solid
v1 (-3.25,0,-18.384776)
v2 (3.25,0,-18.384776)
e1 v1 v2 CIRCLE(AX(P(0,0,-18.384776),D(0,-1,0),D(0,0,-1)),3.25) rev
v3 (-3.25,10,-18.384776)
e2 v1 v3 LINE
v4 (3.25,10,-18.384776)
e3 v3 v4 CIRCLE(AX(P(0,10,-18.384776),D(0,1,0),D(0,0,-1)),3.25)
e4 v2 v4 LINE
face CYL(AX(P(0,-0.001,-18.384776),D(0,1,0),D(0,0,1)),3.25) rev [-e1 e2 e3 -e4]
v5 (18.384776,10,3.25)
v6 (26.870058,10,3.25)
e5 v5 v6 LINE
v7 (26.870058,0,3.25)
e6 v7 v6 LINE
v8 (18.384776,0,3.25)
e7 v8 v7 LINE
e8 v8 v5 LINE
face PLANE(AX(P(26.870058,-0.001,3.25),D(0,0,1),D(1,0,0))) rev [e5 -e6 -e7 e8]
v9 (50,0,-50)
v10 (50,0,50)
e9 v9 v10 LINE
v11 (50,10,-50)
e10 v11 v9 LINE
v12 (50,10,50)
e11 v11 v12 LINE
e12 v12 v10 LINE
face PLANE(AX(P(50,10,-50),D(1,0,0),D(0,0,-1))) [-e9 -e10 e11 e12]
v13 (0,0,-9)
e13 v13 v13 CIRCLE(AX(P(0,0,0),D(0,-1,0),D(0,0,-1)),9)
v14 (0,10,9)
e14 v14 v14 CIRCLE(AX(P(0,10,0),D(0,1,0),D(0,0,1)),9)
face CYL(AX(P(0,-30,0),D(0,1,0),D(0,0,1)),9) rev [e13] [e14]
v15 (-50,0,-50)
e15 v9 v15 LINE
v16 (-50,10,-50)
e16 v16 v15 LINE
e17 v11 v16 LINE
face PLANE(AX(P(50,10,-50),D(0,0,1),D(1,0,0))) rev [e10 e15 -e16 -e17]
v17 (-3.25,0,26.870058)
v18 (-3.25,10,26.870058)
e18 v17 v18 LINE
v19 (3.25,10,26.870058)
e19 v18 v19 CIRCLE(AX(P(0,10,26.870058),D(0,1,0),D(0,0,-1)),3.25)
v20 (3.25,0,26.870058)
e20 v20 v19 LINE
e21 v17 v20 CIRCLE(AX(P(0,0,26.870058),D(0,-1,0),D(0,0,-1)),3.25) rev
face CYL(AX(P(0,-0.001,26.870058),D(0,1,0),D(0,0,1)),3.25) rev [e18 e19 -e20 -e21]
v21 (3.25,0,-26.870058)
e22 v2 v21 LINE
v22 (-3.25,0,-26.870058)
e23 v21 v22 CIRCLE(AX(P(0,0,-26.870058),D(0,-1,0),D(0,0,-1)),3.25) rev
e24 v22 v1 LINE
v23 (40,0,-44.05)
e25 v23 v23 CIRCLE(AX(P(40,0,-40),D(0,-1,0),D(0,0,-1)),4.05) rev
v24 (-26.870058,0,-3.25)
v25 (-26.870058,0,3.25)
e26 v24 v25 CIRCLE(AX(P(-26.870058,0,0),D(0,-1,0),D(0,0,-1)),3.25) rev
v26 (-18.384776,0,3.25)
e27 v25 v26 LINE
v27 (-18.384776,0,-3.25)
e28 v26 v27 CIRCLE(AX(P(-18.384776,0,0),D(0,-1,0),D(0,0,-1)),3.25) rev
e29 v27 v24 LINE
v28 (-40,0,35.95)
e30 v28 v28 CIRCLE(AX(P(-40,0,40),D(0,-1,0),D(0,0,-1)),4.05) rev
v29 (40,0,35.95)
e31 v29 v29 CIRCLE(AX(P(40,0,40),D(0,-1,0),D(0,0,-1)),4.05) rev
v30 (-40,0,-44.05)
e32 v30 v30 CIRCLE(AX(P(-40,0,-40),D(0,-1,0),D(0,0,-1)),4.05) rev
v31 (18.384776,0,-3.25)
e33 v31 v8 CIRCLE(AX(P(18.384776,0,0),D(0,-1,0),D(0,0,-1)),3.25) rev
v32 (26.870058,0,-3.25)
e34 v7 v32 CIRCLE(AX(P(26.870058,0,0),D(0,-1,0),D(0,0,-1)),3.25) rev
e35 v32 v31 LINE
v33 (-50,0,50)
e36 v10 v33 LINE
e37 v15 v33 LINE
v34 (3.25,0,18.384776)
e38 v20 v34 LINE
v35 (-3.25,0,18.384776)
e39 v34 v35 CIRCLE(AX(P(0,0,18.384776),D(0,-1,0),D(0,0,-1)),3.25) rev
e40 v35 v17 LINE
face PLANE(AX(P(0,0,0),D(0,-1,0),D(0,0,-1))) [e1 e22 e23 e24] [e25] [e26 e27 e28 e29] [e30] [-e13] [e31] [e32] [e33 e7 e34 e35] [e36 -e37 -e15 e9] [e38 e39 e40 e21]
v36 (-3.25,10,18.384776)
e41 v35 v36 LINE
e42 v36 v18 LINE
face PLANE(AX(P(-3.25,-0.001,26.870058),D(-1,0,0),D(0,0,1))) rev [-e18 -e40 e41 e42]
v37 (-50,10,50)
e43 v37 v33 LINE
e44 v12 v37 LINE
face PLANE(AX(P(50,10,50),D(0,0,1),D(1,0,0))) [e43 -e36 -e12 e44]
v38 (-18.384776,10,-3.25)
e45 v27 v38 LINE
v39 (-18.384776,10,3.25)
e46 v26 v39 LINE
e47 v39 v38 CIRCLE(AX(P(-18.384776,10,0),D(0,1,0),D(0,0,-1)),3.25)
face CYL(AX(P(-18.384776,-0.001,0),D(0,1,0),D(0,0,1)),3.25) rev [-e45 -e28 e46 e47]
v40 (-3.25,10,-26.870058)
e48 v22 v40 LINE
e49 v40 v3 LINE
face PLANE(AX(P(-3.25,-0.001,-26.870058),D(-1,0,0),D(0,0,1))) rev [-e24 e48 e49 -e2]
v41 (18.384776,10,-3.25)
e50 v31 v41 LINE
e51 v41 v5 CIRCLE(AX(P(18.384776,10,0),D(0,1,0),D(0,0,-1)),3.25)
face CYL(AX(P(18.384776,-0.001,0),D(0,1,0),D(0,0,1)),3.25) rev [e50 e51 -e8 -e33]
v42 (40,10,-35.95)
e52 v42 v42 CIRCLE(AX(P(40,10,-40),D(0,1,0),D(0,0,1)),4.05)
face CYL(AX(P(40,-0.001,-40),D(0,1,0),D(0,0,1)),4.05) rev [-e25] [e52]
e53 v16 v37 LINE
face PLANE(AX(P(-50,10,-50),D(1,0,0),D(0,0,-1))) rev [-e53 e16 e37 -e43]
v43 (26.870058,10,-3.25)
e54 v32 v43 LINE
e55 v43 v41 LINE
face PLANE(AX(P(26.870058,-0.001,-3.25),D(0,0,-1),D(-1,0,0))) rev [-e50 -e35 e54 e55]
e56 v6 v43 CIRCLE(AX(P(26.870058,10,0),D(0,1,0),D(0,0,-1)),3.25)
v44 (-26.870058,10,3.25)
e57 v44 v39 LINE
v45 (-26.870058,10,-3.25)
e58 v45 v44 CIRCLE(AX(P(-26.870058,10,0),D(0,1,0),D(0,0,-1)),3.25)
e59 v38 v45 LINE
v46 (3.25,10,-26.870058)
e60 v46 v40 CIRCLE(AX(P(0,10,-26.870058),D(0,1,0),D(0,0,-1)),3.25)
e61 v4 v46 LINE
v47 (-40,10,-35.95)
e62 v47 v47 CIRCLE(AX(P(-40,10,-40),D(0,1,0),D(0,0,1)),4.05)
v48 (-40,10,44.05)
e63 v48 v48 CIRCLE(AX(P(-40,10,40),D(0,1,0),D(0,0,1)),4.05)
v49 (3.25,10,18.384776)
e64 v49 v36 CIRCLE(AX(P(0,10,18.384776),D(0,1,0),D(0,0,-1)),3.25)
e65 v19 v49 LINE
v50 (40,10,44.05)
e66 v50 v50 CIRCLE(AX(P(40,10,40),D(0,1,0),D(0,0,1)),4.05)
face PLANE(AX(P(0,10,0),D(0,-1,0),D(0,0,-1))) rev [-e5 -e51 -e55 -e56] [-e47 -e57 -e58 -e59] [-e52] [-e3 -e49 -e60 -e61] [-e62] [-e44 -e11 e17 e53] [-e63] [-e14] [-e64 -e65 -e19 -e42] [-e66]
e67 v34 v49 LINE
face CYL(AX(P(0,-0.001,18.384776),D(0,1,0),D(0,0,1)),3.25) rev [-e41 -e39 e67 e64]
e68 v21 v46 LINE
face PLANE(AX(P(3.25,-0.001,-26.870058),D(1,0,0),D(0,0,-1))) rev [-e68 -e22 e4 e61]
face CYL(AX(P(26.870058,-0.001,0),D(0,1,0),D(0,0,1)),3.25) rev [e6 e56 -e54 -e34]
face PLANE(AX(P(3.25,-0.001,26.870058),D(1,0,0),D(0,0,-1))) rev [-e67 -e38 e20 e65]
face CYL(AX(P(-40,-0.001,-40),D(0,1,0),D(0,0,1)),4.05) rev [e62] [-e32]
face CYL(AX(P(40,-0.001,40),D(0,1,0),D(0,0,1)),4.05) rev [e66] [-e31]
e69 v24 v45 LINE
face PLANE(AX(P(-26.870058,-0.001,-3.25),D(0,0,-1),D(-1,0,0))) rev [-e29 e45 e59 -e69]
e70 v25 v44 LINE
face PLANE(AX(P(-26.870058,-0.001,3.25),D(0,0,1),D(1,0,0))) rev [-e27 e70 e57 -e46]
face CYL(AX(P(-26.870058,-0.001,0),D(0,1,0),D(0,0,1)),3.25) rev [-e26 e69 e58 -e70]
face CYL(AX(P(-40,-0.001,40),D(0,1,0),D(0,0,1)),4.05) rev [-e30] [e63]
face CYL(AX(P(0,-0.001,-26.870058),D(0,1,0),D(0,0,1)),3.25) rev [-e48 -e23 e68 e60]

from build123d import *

# Parameters (mm, degrees)
SKETCH1_W          = 100
SKETCH1_H          = 100
BASE_DEPTH         = 10
SKETCH2_R          = 9
ACTUATOR_CUT_DEPTH = 40
CUT_EXTRUDE1_REACH = 73.414
CUT_EXTRUDE2_REACH = 73.414
SKETCH5_R          = 4.05


with BuildPart() as part:
    # Sketch1 → base (new body)
    with BuildSketch(Plane(origin=(0, 0, 0), x_dir=(1, 0, 0), z_dir=(0, 1, 0))):
        Rectangle(SKETCH1_W, SKETCH1_H)
    extrude(amount=BASE_DEPTH)

    # Sketch2 → actuator cut (cut)
    with BuildSketch(Plane(origin=(0, 10, 0), x_dir=(1, 0, 0), z_dir=(0, 1, 0))):
        with Locations(Location((0, 0, 0), (0, 0, 270))):
            Circle(SKETCH2_R)
    extrude(amount=-ACTUATOR_CUT_DEPTH, mode=Mode.SUBTRACT)

    # Sketch3 → Cut-Extrude1 (cut, up to next)
    with BuildSketch(Plane(origin=(0, 10, 0), x_dir=(1, 0, 0), z_dir=(0, 1, 0)), mode=Mode.PRIVATE) as cut_extrude1_sk1:
        with BuildLine():
            Line((3.25, -26.870057685), (3.25, -18.384776311))
            ThreePointArc((3.25, -18.384776311), (0, -15.134776311), (-3.25, -18.384776311))
            Line((-3.25, -18.384776311), (-3.25, -26.870057685))
            ThreePointArc((-3.25, -26.870057685), (0, -30.120057685), (3.25, -26.870057685))
        make_face()
    cut_extrude1_tool1 = extrude(cut_extrude1_sk1.sketch, amount=-CUT_EXTRUDE1_REACH, mode=Mode.PRIVATE) & part.part
    # Sketch3 → Cut-Extrude1 (cut, up to next)
    with BuildSketch(Plane(origin=(0, 10, 0), x_dir=(1, 0, 0), z_dir=(0, 1, 0)), mode=Mode.PRIVATE) as cut_extrude1_sk2:
        with BuildLine():
            Line((26.870057685, 3.25), (18.384776311, 3.25))
            ThreePointArc((18.384776311, 3.25), (15.134776311, 0), (18.384776311, -3.25))
            Line((18.384776311, -3.25), (26.870057685, -3.25))
            ThreePointArc((26.870057685, -3.25), (30.120057685, 0), (26.870057685, 3.25))
        make_face()
    cut_extrude1_tool2 = extrude(cut_extrude1_sk2.sketch, amount=-CUT_EXTRUDE1_REACH, mode=Mode.PRIVATE) & part.part
    # Sketch3 → Cut-Extrude1 (cut, up to next)
    with BuildSketch(Plane(origin=(0, 10, 0), x_dir=(1, 0, 0), z_dir=(0, 1, 0)), mode=Mode.PRIVATE) as cut_extrude1_sk3:
        with BuildLine():
            Line((-26.870057685, -3.25), (-18.384776311, -3.25))
            ThreePointArc((-18.384776311, -3.25), (-15.134776311, 0), (-18.384776311, 3.25))
            Line((-18.384776311, 3.25), (-26.870057685, 3.25))
            ThreePointArc((-26.870057685, 3.25), (-30.120057685, 0), (-26.870057685, -3.25))
        make_face()
    cut_extrude1_tool3 = extrude(cut_extrude1_sk3.sketch, amount=-CUT_EXTRUDE1_REACH, mode=Mode.PRIVATE) & part.part
    # Sketch3 → Cut-Extrude1 (cut, up to next)
    with BuildSketch(Plane(origin=(0, 10, 0), x_dir=(1, 0, 0), z_dir=(0, 1, 0)), mode=Mode.PRIVATE) as cut_extrude1_sk4:
        with BuildLine():
            Line((-3.25, 26.870057685), (-3.25, 18.384776311))
            ThreePointArc((-3.25, 18.384776311), (0, 15.134776311), (3.25, 18.384776311))
            Line((3.25, 18.384776311), (3.25, 26.870057685))
            ThreePointArc((3.25, 26.870057685), (0, 30.120057685), (-3.25, 26.870057685))
        make_face()
    cut_extrude1_tool4 = extrude(cut_extrude1_sk4.sketch, amount=-CUT_EXTRUDE1_REACH, mode=Mode.PRIVATE) & part.part
    add(cut_extrude1_tool1.solids().sort_by_distance((0, 10, 22.627417))[0], mode=Mode.SUBTRACT)
    add(cut_extrude1_tool2.solids().sort_by_distance((22.627417, 10, 0))[0], mode=Mode.SUBTRACT)
    add(cut_extrude1_tool3.solids().sort_by_distance((-22.627417, 10, 0))[0], mode=Mode.SUBTRACT)
    add(cut_extrude1_tool4.solids().sort_by_distance((0, 10, -22.627417))[0], mode=Mode.SUBTRACT)

    # Sketch5 → Cut-Extrude2 (cut, up to next)
    with BuildSketch(Plane(origin=(0, 10, 0), x_dir=(1, 0, 0), z_dir=(0, 1, 0)), mode=Mode.PRIVATE) as cut_extrude2_sk1:
        with Locations(Location((-40, -40, 0), (0, 0, 270))):
            Circle(SKETCH5_R)
    cut_extrude2_tool1 = extrude(cut_extrude2_sk1.sketch, amount=-CUT_EXTRUDE2_REACH, mode=Mode.PRIVATE) & part.part
    # Sketch5 → Cut-Extrude2 (cut, up to next)
    with BuildSketch(Plane(origin=(0, 10, 0), x_dir=(1, 0, 0), z_dir=(0, 1, 0)), mode=Mode.PRIVATE) as cut_extrude2_sk2:
        with Locations(Location((-40, 40, 0), (0, 0, 270))):
            Circle(SKETCH5_R)
    cut_extrude2_tool2 = extrude(cut_extrude2_sk2.sketch, amount=-CUT_EXTRUDE2_REACH, mode=Mode.PRIVATE) & part.part
    # Sketch5 → Cut-Extrude2 (cut, up to next)
    with BuildSketch(Plane(origin=(0, 10, 0), x_dir=(1, 0, 0), z_dir=(0, 1, 0)), mode=Mode.PRIVATE) as cut_extrude2_sk3:
        with Locations(Location((40, -40, 0), (0, 0, 270))):
            Circle(SKETCH5_R)
    cut_extrude2_tool3 = extrude(cut_extrude2_sk3.sketch, amount=-CUT_EXTRUDE2_REACH, mode=Mode.PRIVATE) & part.part
    # Sketch5 → Cut-Extrude2 (cut, up to next)
    with BuildSketch(Plane(origin=(0, 10, 0), x_dir=(1, 0, 0), z_dir=(0, 1, 0)), mode=Mode.PRIVATE) as cut_extrude2_sk4:
        with Locations(Location((40, 40, 0), (0, 0, 270))):
            Circle(SKETCH5_R)
    cut_extrude2_tool4 = extrude(cut_extrude2_sk4.sketch, amount=-CUT_EXTRUDE2_REACH, mode=Mode.PRIVATE) & part.part
    add(cut_extrude2_tool1.solids().sort_by_distance((-40, 10, 40))[0], mode=Mode.SUBTRACT)
    add(cut_extrude2_tool2.solids().sort_by_distance((-40, 10, -40))[0], mode=Mode.SUBTRACT)
    add(cut_extrude2_tool3.solids().sort_by_distance((40, 10, 40))[0], mode=Mode.SUBTRACT)
    add(cut_extrude2_tool4.solids().sort_by_distance((40, 10, -40))[0], mode=Mode.SUBTRACT)


solid = part.part
